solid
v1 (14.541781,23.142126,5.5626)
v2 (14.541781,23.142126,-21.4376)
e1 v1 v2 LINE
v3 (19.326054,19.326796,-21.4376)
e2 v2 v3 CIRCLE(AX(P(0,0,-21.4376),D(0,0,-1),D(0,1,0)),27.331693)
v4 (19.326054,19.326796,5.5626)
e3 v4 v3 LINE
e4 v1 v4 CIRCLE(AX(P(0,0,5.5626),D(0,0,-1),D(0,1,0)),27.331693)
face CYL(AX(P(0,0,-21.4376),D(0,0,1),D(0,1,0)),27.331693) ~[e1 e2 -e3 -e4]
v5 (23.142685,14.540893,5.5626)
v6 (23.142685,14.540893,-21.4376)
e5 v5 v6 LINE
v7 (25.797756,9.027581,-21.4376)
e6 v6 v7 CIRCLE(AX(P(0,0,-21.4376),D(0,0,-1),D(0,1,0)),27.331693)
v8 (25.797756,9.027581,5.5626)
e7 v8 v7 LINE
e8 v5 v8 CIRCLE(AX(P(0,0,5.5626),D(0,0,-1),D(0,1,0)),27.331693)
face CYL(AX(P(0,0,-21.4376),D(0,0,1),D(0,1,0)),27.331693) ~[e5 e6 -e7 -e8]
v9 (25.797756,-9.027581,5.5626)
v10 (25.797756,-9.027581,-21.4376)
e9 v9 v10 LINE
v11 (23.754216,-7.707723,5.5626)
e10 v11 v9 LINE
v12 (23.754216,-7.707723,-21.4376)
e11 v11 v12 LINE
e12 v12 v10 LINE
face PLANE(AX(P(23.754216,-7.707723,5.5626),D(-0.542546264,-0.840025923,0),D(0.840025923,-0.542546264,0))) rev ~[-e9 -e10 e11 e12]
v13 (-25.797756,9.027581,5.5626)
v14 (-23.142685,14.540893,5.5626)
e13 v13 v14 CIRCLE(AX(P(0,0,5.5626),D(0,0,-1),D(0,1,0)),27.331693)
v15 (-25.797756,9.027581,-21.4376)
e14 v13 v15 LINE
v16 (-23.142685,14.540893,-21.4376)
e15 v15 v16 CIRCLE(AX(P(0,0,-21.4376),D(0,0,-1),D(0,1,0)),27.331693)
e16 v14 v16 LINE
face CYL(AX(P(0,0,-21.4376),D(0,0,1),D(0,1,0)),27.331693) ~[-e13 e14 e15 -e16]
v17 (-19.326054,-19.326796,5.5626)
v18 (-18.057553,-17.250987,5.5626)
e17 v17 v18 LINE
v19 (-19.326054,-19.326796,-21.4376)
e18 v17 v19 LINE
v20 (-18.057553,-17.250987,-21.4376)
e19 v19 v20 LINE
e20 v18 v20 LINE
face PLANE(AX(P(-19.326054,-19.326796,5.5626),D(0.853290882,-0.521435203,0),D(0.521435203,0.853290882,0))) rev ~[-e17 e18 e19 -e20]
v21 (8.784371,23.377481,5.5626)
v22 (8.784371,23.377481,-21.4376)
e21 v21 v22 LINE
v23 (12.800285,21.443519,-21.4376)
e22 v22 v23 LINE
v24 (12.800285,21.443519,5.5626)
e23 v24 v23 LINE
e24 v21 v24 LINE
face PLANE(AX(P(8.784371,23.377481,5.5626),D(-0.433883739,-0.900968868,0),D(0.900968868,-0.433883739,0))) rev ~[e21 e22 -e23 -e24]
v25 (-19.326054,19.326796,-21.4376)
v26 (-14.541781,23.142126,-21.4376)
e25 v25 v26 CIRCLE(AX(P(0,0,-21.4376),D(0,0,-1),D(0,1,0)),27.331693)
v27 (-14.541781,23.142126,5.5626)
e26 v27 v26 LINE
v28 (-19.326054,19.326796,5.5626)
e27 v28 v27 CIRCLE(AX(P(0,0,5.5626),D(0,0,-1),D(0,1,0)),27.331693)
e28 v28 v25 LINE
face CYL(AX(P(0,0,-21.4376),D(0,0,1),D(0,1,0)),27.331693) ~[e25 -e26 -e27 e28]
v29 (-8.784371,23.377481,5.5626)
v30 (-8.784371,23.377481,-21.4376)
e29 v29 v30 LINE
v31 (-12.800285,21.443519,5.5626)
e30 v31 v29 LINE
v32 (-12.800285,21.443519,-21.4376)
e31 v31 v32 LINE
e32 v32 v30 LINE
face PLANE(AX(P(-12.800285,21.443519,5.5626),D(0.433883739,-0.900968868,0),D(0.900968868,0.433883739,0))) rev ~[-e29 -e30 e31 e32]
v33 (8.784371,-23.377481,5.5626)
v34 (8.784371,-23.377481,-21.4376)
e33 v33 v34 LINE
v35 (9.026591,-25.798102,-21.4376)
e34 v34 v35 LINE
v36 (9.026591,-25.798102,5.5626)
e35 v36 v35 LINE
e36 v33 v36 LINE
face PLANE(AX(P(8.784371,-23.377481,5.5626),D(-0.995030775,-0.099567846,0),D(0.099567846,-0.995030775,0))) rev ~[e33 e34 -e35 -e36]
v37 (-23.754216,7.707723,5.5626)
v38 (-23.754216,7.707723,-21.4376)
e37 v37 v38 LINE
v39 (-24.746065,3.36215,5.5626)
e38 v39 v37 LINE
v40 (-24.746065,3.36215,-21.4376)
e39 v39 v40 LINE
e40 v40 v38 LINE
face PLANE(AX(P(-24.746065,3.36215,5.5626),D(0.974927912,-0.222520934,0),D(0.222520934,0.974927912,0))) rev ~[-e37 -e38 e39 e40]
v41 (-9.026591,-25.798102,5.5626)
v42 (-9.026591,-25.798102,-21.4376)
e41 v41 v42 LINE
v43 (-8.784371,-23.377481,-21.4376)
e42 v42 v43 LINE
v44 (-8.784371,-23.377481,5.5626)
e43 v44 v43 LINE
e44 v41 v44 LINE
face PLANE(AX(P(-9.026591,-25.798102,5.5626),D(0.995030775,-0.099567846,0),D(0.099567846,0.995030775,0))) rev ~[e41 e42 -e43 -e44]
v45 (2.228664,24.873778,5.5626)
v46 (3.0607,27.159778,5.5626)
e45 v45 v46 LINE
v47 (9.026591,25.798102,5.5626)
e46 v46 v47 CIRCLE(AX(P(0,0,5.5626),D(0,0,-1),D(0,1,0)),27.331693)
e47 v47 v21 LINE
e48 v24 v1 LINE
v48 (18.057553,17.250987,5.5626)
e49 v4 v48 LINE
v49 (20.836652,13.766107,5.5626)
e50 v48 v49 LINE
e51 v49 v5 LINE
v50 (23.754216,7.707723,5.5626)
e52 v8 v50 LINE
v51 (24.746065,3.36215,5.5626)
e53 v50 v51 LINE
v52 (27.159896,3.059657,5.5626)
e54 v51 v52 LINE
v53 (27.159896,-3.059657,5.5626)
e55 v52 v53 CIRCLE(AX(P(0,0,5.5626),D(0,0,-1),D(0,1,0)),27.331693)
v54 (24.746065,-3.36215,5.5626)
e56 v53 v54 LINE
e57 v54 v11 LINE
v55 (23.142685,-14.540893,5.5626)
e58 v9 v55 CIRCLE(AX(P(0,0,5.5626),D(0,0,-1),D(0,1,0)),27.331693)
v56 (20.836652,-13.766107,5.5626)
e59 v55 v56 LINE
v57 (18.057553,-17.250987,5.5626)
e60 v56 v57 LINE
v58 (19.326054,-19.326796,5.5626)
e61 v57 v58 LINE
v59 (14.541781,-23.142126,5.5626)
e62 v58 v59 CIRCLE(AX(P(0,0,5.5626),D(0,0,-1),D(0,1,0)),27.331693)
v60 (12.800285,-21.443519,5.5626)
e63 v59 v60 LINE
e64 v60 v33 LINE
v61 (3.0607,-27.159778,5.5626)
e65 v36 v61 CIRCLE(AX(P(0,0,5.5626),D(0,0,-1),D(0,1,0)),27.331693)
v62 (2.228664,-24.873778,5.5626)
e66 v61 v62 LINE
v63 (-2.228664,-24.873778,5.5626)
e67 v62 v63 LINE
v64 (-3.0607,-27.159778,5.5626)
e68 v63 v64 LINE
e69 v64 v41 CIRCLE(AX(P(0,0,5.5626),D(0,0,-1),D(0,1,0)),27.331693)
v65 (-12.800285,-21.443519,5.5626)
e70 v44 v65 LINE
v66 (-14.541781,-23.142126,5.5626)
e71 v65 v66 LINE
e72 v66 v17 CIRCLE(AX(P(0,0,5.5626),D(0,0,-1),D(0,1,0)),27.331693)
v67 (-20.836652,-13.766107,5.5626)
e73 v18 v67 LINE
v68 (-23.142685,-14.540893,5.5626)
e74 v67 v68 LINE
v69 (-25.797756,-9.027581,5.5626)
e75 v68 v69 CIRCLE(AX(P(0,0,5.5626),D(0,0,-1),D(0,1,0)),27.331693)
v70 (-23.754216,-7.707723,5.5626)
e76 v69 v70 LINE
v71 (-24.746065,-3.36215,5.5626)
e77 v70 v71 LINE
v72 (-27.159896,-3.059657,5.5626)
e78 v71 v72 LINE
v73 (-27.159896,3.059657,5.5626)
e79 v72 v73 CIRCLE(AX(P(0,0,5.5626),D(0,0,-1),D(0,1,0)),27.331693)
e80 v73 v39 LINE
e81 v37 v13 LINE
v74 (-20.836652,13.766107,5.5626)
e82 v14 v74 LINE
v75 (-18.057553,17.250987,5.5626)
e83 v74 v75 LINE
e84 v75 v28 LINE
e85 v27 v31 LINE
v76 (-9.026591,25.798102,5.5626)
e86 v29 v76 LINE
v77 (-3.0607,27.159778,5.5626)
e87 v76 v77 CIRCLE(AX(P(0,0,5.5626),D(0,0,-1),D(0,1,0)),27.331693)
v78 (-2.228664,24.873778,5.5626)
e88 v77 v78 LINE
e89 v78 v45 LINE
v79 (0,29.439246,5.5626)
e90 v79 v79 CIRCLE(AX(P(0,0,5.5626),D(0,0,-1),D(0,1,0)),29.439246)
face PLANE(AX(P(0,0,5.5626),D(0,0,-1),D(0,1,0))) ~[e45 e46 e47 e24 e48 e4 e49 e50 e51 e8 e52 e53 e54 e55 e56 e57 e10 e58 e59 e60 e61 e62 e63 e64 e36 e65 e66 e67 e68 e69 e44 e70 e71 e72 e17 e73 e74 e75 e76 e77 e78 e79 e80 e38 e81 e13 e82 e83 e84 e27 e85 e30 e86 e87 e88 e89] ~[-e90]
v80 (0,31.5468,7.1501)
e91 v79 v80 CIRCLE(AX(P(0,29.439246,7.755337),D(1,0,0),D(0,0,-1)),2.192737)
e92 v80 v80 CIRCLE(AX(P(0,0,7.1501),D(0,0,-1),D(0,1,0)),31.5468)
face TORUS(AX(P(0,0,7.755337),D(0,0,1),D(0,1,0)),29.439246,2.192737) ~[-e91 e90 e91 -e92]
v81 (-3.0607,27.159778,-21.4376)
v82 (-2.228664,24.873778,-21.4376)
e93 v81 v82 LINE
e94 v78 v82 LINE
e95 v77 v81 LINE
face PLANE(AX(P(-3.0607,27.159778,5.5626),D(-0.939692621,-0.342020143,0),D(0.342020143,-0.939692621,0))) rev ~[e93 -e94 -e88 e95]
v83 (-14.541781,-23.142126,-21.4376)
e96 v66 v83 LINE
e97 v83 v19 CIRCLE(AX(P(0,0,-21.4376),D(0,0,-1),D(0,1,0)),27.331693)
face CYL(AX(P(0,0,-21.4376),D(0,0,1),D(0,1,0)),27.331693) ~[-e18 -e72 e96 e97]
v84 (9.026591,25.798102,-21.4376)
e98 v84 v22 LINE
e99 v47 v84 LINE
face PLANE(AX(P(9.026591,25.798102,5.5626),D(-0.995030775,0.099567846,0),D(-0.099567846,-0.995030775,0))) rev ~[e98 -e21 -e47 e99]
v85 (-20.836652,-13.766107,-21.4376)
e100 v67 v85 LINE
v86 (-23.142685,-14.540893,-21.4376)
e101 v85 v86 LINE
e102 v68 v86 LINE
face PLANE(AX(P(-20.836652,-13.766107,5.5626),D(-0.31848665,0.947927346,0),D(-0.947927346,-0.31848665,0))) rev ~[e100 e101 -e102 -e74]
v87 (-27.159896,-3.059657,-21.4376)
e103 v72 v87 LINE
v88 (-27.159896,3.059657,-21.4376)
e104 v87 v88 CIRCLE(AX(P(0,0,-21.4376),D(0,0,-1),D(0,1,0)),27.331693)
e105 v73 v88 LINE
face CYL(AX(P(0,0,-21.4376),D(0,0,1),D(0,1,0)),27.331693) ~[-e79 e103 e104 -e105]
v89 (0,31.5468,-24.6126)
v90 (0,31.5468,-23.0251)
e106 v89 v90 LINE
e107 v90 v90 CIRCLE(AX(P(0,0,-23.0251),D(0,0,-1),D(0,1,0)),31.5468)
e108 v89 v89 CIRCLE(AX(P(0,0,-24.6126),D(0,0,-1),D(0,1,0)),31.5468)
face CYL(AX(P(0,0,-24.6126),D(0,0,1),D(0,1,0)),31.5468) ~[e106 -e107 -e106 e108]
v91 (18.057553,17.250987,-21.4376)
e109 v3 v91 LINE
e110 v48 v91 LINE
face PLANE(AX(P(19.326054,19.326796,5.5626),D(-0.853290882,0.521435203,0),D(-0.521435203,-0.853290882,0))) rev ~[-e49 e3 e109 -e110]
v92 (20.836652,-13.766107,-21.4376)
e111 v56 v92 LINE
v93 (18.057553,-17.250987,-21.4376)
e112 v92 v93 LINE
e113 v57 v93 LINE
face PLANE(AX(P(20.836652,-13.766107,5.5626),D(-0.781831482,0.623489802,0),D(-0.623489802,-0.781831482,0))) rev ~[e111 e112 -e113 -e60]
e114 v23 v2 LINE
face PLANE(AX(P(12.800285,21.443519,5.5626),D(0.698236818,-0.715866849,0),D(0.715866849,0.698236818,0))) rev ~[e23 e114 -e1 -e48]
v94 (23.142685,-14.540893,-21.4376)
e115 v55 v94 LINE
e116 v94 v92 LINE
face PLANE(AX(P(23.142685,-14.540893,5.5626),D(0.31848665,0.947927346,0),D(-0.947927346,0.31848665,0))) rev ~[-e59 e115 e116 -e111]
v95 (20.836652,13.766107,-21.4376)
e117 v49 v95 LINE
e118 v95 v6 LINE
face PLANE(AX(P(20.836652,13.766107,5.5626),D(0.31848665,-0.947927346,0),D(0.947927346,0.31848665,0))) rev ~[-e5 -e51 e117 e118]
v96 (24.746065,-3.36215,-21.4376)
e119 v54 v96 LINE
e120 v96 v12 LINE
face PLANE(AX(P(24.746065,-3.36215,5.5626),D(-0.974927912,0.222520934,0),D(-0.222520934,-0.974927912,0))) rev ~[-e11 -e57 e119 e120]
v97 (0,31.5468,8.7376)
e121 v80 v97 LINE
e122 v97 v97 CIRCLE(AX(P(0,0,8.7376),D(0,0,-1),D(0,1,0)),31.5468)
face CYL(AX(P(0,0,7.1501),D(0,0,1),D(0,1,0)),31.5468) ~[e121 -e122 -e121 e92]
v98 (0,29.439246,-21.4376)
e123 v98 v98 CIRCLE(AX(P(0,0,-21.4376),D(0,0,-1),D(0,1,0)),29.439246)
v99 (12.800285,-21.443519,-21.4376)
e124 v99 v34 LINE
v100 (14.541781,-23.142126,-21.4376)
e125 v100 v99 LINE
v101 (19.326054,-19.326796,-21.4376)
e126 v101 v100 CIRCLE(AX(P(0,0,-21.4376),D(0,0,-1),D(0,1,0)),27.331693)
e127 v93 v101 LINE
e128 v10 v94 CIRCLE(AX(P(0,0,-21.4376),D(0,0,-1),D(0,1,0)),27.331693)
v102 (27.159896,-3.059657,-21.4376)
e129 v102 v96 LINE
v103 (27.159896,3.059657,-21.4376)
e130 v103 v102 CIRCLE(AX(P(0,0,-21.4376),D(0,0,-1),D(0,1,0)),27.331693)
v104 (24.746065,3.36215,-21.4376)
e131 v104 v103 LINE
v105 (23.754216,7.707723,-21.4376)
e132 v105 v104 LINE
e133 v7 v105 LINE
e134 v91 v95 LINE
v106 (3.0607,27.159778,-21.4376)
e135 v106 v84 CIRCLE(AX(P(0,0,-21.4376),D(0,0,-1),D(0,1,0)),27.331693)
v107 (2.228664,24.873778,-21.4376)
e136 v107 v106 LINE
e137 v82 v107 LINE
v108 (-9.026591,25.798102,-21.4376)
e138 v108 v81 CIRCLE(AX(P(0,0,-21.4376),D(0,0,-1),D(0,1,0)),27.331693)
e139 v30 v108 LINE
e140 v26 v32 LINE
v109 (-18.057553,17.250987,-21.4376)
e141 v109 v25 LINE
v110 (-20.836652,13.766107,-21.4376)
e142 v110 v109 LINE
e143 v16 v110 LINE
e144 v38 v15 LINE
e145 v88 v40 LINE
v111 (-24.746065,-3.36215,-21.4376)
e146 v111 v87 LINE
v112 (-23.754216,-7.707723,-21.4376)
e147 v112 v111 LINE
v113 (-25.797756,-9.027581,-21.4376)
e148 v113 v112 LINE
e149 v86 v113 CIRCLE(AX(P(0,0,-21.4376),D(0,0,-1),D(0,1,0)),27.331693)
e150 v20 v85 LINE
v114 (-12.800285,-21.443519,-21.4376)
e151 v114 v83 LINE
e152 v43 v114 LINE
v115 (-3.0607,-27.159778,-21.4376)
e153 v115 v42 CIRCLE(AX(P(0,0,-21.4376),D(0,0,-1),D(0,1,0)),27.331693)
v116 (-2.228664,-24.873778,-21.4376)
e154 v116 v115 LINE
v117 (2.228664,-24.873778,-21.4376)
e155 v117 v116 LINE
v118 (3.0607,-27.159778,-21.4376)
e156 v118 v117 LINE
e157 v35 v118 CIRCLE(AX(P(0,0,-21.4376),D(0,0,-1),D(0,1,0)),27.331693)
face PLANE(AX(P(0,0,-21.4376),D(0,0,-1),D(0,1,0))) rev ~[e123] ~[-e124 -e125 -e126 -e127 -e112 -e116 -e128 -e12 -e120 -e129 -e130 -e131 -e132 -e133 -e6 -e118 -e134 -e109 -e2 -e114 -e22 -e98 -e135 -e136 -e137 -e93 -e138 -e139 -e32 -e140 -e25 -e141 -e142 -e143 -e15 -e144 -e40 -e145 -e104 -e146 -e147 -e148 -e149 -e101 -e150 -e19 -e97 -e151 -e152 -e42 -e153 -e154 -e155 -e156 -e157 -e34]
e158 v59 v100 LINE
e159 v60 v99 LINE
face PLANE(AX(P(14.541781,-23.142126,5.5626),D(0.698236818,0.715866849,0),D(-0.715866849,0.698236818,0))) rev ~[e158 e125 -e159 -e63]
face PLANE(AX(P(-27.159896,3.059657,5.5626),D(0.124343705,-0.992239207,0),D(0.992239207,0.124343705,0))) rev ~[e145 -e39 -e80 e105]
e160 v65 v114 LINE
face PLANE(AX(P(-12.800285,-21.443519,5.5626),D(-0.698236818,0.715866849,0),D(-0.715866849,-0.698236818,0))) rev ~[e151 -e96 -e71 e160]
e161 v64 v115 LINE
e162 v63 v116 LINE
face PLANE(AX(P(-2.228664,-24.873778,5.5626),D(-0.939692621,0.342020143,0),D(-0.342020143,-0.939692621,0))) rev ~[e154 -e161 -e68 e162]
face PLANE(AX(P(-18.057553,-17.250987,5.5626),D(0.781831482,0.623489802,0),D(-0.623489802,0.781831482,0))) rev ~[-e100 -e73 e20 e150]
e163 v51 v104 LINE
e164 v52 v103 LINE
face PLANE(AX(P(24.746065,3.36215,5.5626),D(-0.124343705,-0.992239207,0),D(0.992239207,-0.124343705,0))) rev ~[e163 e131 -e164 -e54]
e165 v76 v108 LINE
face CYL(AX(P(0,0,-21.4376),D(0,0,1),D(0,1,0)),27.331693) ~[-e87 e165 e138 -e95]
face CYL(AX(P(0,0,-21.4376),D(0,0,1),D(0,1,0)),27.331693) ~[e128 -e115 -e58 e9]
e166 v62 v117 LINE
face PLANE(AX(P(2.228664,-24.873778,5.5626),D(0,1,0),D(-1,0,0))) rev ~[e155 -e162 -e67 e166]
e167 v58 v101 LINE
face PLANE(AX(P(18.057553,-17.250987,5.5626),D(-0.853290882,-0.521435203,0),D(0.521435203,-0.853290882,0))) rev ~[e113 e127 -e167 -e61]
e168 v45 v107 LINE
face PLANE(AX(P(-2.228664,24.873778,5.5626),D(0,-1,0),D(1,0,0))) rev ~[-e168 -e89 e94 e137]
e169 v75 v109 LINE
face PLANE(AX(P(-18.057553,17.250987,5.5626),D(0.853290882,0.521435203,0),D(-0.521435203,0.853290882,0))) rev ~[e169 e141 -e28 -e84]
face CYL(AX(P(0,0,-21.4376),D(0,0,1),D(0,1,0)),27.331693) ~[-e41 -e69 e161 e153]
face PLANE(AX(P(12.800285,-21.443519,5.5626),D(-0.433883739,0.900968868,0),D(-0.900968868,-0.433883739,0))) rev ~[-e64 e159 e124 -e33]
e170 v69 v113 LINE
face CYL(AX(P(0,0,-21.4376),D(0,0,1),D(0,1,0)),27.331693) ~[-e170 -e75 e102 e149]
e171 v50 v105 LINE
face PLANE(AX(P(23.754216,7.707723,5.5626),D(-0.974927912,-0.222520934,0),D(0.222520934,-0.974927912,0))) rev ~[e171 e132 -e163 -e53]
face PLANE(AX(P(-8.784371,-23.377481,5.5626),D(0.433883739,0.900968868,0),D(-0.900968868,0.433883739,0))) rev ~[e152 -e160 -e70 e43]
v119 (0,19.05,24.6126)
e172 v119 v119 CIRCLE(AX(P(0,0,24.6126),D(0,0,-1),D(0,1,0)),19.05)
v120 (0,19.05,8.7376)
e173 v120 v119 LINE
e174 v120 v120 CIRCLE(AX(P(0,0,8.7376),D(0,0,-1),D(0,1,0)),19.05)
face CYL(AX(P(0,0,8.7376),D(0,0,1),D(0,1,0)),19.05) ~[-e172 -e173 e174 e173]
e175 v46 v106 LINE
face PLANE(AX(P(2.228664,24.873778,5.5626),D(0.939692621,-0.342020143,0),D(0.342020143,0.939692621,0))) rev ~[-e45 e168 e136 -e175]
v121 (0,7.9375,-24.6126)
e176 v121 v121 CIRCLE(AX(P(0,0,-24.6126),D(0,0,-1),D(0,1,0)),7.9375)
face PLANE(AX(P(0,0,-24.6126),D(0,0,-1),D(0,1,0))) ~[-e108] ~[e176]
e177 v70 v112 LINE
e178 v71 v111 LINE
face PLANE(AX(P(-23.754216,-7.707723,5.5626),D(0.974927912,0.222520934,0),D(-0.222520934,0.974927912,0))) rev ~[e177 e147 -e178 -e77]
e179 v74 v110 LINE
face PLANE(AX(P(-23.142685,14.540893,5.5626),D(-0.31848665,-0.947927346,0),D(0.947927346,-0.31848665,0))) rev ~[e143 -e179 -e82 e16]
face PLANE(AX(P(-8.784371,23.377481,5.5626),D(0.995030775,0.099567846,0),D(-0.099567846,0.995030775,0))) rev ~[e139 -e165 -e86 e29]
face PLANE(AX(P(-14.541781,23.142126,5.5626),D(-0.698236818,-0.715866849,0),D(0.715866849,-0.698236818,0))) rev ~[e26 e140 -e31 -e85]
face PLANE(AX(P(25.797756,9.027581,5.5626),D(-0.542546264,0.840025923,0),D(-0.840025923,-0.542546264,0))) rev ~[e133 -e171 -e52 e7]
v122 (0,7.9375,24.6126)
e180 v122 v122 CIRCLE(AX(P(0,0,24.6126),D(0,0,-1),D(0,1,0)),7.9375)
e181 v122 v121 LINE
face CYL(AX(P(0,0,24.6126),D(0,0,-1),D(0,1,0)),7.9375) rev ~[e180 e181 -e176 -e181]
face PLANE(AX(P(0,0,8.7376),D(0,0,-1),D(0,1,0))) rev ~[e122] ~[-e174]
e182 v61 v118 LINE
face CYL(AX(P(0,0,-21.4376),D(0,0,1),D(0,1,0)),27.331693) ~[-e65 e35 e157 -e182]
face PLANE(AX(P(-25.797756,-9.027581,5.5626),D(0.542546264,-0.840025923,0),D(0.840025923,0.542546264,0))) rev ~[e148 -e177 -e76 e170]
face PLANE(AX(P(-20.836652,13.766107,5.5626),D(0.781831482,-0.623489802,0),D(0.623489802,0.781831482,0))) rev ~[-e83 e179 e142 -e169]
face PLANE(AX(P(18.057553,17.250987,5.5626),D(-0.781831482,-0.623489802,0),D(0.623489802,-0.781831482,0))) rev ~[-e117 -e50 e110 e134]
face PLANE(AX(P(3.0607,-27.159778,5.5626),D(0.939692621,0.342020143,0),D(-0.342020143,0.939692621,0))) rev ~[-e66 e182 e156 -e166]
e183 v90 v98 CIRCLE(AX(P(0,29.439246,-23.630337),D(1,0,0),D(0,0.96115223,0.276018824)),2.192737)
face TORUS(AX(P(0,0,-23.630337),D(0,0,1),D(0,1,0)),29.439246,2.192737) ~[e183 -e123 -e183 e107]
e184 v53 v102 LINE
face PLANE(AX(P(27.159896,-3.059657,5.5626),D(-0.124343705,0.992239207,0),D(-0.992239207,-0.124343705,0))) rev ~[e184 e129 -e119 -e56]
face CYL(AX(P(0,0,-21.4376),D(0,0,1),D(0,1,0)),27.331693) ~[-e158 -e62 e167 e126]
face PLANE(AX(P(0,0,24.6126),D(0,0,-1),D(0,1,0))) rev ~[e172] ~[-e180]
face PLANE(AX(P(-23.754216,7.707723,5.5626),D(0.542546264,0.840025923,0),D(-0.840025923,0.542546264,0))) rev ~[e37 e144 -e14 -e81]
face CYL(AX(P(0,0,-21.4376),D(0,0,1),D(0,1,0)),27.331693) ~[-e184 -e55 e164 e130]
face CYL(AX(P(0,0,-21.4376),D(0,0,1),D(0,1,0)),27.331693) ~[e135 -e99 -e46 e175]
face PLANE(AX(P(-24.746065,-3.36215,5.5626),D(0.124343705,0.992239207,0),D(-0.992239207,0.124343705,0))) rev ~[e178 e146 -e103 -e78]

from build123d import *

# Parameters (mm, degrees)
CUT_EXTRUDE1_START = 5.5626
CUT_EXTRUDE1_DEPTH = 27.0002
CIRPATTERN1_COUNT  = 14


with BuildPart() as part:
    # Sketch2 → Revolve1 (revolve)
    with BuildSketch(Plane(origin=(0, 0, 0), x_dir=(0, 0, -1), z_dir=(1, 0, 0))):
        with BuildLine():
            Line((-24.6126, 7.9375), (24.6126, 7.9375))
            Line((24.6126, 7.9375), (24.6126, 31.5468))
            Line((24.6126, 31.5468), (23.0251, 31.5468))
            ThreePointArc((23.0251, 31.5468), (21.87887746, 30.758520647), (21.4376, 29.439246357))
            Line((21.4376, 29.439246357), (21.4376, 27.331692713))
            Line((21.4376, 27.331692713), (-5.5626, 27.331692713))
            Line((-5.5626, 27.331692713), (-5.5626, 29.439246357))
            ThreePointArc((-5.5626, 29.439246357), (-6.00387746, 30.758520647), (-7.1501, 31.5468))
            Line((-7.1501, 31.5468), (-8.7376, 31.5468))
            Line((-8.7376, 31.5468), (-8.7376, 19.05))
            Line((-8.7376, 19.05), (-24.6126, 19.05))
            Line((-24.6126, 19.05), (-24.6126, 7.9375))
        make_face()
    revolve(axis=Axis((0, 0, 24.6126), (0, 0, -1)))

    # Sketch3 → Cut-Extrude1 (cut)
    with BuildSketch(Plane.XY.offset(CUT_EXTRUDE1_START)):
        with BuildLine():
            Line((-2.228664044, 24.87377802), (2.228664044, 24.87377802))
            Line((2.228664044, 24.87377802), (3.0607, 27.15977802))
            ThreePointArc((3.0607, 27.15977802), (0, 27.331692713), (-3.0607, 27.15977802))
            Line((-3.0607, 27.15977802), (-2.228664044, 24.87377802))
        make_face()
    cut_extrude1 = extrude(amount=-CUT_EXTRUDE1_DEPTH, mode=Mode.SUBTRACT)

    # CirPattern1: Cut-Extrude1 ×14 about axis
    cirpattern1_axis = Axis((0, 0, 0), (0, 0, 1))
    for i in range(1, CIRPATTERN1_COUNT):
        add(cut_extrude1.rotate(cirpattern1_axis, i * 360 / CIRPATTERN1_COUNT), mode=Mode.SUBTRACT)


solid = part.part
